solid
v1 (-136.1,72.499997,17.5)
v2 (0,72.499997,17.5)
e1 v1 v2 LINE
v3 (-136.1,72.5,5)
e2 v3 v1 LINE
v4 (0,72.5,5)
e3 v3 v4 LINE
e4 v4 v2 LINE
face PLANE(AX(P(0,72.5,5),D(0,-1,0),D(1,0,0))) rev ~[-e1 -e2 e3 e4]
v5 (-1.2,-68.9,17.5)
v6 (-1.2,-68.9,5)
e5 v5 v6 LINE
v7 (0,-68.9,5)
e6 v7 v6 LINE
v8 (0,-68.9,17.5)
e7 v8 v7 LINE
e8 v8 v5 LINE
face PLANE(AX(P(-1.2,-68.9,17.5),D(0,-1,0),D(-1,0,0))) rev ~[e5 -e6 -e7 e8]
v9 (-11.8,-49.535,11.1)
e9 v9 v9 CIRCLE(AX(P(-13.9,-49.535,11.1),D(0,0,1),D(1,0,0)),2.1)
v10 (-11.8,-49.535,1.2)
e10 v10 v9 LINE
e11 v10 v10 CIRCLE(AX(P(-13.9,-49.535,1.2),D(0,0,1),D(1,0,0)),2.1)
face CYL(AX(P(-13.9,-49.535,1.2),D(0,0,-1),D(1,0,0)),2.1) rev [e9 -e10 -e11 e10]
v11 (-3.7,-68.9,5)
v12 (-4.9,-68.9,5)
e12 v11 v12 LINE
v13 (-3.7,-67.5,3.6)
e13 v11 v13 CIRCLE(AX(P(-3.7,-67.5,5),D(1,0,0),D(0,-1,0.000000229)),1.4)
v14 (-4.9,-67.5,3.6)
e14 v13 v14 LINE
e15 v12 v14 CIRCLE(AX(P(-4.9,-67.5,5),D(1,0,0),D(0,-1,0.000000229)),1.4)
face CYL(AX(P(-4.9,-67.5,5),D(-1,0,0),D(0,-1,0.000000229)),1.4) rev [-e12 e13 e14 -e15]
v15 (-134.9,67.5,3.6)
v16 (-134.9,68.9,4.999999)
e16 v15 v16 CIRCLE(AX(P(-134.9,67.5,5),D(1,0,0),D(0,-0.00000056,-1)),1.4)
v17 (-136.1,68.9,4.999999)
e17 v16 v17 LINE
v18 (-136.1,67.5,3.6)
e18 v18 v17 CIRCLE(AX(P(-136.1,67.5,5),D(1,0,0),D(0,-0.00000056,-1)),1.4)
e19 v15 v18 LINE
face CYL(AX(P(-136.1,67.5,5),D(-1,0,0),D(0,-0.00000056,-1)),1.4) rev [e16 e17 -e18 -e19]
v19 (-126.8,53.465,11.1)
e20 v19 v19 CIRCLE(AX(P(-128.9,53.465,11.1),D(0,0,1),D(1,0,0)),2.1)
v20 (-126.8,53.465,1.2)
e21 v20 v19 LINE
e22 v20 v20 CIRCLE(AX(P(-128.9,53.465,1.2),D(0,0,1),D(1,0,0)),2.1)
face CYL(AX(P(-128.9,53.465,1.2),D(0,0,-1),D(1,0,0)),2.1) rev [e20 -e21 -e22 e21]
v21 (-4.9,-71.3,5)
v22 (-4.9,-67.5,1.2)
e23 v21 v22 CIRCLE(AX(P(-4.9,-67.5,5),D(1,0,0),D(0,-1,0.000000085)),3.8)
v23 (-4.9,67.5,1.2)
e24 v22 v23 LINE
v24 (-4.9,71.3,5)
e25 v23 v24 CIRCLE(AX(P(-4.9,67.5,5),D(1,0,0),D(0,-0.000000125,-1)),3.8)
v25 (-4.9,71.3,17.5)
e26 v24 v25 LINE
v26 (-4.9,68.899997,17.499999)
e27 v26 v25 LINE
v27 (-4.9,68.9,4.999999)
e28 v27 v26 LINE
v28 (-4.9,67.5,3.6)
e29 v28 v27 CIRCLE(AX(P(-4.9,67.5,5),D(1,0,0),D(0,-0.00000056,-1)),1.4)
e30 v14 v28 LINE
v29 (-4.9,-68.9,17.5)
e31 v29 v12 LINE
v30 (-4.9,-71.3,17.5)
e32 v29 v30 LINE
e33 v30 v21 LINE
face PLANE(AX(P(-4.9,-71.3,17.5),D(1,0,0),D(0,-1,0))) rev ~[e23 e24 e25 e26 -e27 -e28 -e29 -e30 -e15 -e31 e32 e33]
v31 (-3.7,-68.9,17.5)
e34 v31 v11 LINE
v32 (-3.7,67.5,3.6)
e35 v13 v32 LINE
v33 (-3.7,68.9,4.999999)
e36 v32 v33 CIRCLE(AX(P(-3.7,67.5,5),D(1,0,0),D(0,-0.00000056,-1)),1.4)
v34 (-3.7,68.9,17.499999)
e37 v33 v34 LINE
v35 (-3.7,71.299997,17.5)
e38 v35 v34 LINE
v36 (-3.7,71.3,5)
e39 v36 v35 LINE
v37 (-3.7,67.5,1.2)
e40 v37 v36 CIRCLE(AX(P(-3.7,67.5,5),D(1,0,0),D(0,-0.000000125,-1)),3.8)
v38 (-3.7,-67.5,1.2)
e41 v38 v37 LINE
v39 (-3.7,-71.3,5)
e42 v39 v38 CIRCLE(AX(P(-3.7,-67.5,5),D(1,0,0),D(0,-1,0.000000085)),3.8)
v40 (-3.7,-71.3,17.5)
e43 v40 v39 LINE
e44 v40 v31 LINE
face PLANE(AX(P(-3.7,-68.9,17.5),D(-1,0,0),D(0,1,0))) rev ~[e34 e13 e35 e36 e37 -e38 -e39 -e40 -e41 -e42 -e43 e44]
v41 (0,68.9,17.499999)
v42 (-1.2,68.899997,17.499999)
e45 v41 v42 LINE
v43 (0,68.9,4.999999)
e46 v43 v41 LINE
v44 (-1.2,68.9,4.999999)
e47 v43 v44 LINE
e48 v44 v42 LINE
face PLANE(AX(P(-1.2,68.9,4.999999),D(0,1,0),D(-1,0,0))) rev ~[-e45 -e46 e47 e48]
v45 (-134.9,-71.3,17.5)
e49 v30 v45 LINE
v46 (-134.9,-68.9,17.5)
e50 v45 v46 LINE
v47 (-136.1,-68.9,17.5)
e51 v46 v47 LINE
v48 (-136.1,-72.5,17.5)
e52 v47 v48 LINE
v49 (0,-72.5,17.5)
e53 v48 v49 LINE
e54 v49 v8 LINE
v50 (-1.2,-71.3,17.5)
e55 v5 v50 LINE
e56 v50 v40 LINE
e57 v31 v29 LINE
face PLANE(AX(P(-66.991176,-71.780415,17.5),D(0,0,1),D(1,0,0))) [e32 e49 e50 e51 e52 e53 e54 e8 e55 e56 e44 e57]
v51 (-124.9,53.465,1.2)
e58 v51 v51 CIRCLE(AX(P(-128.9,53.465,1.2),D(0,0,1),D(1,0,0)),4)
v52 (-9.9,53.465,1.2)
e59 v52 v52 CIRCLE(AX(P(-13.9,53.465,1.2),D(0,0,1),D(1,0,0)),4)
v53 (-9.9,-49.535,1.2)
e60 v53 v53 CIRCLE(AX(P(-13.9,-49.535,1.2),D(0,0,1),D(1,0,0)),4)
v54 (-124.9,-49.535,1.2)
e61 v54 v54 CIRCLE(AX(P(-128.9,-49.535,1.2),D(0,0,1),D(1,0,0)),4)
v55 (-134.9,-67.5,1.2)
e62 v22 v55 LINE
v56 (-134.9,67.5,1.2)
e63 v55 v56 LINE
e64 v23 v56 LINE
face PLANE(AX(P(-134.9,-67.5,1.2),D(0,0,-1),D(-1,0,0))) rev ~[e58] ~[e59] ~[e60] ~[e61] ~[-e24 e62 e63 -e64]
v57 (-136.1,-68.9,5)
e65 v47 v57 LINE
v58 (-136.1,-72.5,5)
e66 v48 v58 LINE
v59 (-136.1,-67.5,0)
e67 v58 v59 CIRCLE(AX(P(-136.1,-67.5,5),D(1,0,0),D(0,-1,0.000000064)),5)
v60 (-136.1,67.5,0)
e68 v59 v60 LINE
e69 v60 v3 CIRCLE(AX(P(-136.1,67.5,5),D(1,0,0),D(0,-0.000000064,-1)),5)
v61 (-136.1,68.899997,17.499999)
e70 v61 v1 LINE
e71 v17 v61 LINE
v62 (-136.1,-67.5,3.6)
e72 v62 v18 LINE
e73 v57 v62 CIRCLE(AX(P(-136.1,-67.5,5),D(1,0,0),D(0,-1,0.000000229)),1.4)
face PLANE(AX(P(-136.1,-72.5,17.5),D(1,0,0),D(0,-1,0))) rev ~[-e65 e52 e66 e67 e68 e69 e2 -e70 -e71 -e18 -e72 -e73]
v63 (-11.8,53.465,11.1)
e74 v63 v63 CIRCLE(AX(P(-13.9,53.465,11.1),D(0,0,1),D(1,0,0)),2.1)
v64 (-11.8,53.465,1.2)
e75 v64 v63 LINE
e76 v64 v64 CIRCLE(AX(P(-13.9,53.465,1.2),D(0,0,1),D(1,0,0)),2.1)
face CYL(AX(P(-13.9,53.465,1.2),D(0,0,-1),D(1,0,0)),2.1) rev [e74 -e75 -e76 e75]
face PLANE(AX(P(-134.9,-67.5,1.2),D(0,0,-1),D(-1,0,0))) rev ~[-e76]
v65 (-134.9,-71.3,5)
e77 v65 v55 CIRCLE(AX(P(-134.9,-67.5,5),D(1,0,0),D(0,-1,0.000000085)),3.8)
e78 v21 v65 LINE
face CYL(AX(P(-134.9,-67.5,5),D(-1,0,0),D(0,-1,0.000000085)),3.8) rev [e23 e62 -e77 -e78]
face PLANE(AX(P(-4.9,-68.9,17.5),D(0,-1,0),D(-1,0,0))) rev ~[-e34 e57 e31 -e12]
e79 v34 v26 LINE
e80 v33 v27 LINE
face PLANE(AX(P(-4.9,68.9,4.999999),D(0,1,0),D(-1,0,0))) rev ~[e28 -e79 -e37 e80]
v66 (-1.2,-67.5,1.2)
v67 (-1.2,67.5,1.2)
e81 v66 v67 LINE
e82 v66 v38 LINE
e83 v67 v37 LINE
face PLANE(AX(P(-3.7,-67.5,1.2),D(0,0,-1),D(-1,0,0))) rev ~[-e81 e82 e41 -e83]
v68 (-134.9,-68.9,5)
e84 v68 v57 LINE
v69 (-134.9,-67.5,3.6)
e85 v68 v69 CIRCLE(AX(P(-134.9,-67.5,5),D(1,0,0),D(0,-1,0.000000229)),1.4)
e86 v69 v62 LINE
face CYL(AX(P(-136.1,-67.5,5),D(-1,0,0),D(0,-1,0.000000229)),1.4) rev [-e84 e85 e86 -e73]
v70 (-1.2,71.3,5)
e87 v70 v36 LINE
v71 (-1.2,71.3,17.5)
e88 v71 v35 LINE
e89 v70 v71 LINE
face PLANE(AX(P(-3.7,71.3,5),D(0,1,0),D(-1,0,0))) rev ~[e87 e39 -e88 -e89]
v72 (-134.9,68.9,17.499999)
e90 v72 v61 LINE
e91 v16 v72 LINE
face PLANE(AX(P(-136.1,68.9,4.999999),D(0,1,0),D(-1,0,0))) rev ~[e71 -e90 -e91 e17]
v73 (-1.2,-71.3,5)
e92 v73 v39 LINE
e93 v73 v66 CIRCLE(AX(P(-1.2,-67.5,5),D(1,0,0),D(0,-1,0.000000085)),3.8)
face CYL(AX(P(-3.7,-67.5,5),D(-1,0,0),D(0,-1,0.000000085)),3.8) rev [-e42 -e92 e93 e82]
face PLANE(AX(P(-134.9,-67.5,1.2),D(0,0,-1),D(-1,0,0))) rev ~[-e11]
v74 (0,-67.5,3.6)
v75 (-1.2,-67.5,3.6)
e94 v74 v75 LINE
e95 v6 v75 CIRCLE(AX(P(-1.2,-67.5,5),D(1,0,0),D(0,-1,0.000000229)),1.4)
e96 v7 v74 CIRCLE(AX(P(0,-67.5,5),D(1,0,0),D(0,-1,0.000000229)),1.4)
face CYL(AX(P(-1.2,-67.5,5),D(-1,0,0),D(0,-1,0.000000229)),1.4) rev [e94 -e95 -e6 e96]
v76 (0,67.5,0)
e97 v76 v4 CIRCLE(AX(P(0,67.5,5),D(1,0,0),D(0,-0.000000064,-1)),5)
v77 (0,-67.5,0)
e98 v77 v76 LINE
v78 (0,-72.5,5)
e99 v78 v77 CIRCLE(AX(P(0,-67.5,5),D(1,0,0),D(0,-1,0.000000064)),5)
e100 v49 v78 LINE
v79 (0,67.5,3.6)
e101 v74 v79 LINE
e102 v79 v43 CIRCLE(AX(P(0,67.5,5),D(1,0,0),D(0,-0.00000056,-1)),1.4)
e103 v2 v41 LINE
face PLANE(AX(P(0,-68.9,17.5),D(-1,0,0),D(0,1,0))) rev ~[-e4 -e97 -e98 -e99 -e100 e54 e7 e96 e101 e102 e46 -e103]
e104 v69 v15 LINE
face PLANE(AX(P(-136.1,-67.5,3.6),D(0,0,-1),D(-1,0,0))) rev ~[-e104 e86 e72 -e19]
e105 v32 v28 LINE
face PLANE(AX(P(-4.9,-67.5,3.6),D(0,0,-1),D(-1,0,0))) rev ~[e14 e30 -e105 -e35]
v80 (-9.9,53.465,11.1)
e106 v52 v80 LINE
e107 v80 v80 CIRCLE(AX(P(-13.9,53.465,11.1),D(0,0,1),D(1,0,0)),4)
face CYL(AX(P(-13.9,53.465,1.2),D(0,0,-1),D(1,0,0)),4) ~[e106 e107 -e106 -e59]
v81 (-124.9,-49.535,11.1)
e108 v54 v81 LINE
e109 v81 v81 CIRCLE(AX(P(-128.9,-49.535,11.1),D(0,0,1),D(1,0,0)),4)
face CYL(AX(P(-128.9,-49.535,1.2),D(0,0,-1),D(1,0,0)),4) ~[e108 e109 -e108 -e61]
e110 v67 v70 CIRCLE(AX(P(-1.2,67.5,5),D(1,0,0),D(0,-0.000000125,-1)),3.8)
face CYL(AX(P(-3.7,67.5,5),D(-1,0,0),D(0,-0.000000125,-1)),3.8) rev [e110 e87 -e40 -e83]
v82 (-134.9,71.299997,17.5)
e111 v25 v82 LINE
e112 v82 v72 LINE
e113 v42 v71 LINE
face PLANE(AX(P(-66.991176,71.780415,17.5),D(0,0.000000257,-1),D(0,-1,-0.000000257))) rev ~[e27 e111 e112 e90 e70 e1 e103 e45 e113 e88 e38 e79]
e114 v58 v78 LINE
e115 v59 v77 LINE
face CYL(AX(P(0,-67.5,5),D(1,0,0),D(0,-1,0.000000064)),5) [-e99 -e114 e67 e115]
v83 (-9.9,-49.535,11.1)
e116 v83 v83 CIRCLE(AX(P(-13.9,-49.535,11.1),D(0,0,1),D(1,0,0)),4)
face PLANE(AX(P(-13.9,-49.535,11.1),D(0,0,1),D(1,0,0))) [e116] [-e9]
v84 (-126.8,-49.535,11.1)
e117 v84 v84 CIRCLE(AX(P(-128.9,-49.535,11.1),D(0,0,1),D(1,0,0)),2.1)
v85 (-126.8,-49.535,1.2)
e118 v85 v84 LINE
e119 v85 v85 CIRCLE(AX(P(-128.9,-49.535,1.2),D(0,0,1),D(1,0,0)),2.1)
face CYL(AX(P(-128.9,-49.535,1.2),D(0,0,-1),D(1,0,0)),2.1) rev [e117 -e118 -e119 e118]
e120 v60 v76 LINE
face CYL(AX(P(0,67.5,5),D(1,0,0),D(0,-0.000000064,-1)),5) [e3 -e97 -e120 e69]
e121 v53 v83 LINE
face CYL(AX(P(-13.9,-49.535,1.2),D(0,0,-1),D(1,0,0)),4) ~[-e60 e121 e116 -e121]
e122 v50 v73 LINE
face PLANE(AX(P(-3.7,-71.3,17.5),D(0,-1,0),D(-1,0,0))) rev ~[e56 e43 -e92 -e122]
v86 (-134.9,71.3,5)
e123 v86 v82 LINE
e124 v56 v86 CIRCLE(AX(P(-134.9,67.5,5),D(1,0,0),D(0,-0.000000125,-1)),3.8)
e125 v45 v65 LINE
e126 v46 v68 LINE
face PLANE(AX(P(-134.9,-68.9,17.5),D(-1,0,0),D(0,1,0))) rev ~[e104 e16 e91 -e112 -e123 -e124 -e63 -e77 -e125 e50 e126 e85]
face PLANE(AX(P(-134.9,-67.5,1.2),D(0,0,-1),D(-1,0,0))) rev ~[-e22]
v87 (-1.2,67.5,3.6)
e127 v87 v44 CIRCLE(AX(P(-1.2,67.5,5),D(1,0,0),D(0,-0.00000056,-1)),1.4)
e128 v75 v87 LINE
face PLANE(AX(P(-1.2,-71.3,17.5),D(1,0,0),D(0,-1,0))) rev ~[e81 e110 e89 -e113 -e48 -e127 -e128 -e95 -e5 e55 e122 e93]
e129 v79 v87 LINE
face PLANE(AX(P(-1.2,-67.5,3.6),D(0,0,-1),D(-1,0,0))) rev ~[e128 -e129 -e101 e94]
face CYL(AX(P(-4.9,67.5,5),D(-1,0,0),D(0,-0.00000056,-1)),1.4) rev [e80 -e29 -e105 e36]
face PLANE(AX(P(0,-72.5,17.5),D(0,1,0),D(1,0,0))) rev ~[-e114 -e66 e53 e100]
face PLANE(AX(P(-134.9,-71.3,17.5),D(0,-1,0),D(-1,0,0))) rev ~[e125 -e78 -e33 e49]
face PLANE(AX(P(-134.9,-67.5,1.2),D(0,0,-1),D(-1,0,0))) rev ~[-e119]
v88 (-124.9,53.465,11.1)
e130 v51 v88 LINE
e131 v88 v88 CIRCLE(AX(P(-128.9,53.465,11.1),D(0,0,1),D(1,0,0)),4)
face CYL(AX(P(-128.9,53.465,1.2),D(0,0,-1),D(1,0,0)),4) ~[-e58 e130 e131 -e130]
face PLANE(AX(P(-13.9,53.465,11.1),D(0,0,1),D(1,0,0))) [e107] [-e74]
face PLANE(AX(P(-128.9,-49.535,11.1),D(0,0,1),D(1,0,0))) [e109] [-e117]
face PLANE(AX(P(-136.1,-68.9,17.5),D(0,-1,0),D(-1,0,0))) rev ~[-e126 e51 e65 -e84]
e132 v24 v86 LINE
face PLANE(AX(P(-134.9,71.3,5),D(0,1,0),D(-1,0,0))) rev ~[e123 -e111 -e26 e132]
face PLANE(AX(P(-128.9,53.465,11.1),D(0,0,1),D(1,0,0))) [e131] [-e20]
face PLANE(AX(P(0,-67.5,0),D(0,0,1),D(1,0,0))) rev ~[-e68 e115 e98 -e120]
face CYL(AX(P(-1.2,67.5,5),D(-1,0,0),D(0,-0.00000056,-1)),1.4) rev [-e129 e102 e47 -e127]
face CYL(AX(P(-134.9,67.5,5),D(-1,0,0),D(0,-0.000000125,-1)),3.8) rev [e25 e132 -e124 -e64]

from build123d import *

# Parameters (mm, degrees)
SKETCH002_R                   = 4
SKETCH002_R_2                 = 2.1
PAD_DEPTH                     = 9.9
SKETCH002_LINEARPATTERN_2_R   = 4
SKETCH002_LINEARPATTERN_2_R_2 = 2.1
PAD_LINEARPATTERN_2_DEPTH     = 9.9
LINEARPATTERN001_COUNT        = 2
LINEARPATTERN001_PITCH        = 103


with BuildPart() as part:
    # AdditivePipe: sweep along a path in Sketch
    with BuildLine(Plane.YZ) as additivepipe_path:
        Line((-72.5, 17.5), (-72.5, 5))
        ThreePointArc((-72.5, 5), (-71.035534, 1.464466), (-67.5, 0))
        Line((-67.5, 0), (67.5, 0))
        ThreePointArc((67.5, 0), (71.035534, 1.464466), (72.5, 5))
        Line((72.5, 5), (72.5, 17.5))
    # Sketch001 → AdditivePipe (sweep)
    with BuildSketch(Plane.XY.offset(17.5)):
        Polygon((0, -72.5), (-136.1, -72.5), (-136.1, -68.9), (-134.9, -68.9), (-134.9, -71.3), (-4.9, -71.3), (-4.9, -68.9), (-3.7, -68.9), (-3.7, -71.3), (-1.2, -71.3), (-1.2, -68.9), (0, -68.9), align=None)
    sweep(path=additivepipe_path.line)

    # Sketch002 → Pad (new body)
    with BuildSketch(Plane.XY.offset(1.2)):
        with Locations((-128.9, -49.535)):
            Circle(SKETCH002_R)
        with Locations((-128.9, -49.535)):
            Circle(SKETCH002_R_2, mode=Mode.SUBTRACT)
    pad = extrude(amount=PAD_DEPTH)

    # Sketch002 LinearPattern 2 → Pad LinearPattern 2 (add)
    with BuildSketch(Plane(origin=(115, 0, 1.2), x_dir=(1, 0, 0), z_dir=(0, 0, 1))):
        with Locations((-128.9, -49.535)):
            Circle(SKETCH002_LINEARPATTERN_2_R)
        with Locations((-128.9, -49.535)):
            Circle(SKETCH002_LINEARPATTERN_2_R_2, mode=Mode.SUBTRACT)
    pad_linearpattern_2 = extrude(amount=PAD_LINEARPATTERN_2_DEPTH)

    # LinearPattern001: Pad, Pad LinearPattern 2 ×2
    with Locations(*[(0, i * LINEARPATTERN001_PITCH, 0) for i in range(1, LINEARPATTERN001_COUNT)]):
        add(pad)
        add(pad_linearpattern_2)


solid = part.part
